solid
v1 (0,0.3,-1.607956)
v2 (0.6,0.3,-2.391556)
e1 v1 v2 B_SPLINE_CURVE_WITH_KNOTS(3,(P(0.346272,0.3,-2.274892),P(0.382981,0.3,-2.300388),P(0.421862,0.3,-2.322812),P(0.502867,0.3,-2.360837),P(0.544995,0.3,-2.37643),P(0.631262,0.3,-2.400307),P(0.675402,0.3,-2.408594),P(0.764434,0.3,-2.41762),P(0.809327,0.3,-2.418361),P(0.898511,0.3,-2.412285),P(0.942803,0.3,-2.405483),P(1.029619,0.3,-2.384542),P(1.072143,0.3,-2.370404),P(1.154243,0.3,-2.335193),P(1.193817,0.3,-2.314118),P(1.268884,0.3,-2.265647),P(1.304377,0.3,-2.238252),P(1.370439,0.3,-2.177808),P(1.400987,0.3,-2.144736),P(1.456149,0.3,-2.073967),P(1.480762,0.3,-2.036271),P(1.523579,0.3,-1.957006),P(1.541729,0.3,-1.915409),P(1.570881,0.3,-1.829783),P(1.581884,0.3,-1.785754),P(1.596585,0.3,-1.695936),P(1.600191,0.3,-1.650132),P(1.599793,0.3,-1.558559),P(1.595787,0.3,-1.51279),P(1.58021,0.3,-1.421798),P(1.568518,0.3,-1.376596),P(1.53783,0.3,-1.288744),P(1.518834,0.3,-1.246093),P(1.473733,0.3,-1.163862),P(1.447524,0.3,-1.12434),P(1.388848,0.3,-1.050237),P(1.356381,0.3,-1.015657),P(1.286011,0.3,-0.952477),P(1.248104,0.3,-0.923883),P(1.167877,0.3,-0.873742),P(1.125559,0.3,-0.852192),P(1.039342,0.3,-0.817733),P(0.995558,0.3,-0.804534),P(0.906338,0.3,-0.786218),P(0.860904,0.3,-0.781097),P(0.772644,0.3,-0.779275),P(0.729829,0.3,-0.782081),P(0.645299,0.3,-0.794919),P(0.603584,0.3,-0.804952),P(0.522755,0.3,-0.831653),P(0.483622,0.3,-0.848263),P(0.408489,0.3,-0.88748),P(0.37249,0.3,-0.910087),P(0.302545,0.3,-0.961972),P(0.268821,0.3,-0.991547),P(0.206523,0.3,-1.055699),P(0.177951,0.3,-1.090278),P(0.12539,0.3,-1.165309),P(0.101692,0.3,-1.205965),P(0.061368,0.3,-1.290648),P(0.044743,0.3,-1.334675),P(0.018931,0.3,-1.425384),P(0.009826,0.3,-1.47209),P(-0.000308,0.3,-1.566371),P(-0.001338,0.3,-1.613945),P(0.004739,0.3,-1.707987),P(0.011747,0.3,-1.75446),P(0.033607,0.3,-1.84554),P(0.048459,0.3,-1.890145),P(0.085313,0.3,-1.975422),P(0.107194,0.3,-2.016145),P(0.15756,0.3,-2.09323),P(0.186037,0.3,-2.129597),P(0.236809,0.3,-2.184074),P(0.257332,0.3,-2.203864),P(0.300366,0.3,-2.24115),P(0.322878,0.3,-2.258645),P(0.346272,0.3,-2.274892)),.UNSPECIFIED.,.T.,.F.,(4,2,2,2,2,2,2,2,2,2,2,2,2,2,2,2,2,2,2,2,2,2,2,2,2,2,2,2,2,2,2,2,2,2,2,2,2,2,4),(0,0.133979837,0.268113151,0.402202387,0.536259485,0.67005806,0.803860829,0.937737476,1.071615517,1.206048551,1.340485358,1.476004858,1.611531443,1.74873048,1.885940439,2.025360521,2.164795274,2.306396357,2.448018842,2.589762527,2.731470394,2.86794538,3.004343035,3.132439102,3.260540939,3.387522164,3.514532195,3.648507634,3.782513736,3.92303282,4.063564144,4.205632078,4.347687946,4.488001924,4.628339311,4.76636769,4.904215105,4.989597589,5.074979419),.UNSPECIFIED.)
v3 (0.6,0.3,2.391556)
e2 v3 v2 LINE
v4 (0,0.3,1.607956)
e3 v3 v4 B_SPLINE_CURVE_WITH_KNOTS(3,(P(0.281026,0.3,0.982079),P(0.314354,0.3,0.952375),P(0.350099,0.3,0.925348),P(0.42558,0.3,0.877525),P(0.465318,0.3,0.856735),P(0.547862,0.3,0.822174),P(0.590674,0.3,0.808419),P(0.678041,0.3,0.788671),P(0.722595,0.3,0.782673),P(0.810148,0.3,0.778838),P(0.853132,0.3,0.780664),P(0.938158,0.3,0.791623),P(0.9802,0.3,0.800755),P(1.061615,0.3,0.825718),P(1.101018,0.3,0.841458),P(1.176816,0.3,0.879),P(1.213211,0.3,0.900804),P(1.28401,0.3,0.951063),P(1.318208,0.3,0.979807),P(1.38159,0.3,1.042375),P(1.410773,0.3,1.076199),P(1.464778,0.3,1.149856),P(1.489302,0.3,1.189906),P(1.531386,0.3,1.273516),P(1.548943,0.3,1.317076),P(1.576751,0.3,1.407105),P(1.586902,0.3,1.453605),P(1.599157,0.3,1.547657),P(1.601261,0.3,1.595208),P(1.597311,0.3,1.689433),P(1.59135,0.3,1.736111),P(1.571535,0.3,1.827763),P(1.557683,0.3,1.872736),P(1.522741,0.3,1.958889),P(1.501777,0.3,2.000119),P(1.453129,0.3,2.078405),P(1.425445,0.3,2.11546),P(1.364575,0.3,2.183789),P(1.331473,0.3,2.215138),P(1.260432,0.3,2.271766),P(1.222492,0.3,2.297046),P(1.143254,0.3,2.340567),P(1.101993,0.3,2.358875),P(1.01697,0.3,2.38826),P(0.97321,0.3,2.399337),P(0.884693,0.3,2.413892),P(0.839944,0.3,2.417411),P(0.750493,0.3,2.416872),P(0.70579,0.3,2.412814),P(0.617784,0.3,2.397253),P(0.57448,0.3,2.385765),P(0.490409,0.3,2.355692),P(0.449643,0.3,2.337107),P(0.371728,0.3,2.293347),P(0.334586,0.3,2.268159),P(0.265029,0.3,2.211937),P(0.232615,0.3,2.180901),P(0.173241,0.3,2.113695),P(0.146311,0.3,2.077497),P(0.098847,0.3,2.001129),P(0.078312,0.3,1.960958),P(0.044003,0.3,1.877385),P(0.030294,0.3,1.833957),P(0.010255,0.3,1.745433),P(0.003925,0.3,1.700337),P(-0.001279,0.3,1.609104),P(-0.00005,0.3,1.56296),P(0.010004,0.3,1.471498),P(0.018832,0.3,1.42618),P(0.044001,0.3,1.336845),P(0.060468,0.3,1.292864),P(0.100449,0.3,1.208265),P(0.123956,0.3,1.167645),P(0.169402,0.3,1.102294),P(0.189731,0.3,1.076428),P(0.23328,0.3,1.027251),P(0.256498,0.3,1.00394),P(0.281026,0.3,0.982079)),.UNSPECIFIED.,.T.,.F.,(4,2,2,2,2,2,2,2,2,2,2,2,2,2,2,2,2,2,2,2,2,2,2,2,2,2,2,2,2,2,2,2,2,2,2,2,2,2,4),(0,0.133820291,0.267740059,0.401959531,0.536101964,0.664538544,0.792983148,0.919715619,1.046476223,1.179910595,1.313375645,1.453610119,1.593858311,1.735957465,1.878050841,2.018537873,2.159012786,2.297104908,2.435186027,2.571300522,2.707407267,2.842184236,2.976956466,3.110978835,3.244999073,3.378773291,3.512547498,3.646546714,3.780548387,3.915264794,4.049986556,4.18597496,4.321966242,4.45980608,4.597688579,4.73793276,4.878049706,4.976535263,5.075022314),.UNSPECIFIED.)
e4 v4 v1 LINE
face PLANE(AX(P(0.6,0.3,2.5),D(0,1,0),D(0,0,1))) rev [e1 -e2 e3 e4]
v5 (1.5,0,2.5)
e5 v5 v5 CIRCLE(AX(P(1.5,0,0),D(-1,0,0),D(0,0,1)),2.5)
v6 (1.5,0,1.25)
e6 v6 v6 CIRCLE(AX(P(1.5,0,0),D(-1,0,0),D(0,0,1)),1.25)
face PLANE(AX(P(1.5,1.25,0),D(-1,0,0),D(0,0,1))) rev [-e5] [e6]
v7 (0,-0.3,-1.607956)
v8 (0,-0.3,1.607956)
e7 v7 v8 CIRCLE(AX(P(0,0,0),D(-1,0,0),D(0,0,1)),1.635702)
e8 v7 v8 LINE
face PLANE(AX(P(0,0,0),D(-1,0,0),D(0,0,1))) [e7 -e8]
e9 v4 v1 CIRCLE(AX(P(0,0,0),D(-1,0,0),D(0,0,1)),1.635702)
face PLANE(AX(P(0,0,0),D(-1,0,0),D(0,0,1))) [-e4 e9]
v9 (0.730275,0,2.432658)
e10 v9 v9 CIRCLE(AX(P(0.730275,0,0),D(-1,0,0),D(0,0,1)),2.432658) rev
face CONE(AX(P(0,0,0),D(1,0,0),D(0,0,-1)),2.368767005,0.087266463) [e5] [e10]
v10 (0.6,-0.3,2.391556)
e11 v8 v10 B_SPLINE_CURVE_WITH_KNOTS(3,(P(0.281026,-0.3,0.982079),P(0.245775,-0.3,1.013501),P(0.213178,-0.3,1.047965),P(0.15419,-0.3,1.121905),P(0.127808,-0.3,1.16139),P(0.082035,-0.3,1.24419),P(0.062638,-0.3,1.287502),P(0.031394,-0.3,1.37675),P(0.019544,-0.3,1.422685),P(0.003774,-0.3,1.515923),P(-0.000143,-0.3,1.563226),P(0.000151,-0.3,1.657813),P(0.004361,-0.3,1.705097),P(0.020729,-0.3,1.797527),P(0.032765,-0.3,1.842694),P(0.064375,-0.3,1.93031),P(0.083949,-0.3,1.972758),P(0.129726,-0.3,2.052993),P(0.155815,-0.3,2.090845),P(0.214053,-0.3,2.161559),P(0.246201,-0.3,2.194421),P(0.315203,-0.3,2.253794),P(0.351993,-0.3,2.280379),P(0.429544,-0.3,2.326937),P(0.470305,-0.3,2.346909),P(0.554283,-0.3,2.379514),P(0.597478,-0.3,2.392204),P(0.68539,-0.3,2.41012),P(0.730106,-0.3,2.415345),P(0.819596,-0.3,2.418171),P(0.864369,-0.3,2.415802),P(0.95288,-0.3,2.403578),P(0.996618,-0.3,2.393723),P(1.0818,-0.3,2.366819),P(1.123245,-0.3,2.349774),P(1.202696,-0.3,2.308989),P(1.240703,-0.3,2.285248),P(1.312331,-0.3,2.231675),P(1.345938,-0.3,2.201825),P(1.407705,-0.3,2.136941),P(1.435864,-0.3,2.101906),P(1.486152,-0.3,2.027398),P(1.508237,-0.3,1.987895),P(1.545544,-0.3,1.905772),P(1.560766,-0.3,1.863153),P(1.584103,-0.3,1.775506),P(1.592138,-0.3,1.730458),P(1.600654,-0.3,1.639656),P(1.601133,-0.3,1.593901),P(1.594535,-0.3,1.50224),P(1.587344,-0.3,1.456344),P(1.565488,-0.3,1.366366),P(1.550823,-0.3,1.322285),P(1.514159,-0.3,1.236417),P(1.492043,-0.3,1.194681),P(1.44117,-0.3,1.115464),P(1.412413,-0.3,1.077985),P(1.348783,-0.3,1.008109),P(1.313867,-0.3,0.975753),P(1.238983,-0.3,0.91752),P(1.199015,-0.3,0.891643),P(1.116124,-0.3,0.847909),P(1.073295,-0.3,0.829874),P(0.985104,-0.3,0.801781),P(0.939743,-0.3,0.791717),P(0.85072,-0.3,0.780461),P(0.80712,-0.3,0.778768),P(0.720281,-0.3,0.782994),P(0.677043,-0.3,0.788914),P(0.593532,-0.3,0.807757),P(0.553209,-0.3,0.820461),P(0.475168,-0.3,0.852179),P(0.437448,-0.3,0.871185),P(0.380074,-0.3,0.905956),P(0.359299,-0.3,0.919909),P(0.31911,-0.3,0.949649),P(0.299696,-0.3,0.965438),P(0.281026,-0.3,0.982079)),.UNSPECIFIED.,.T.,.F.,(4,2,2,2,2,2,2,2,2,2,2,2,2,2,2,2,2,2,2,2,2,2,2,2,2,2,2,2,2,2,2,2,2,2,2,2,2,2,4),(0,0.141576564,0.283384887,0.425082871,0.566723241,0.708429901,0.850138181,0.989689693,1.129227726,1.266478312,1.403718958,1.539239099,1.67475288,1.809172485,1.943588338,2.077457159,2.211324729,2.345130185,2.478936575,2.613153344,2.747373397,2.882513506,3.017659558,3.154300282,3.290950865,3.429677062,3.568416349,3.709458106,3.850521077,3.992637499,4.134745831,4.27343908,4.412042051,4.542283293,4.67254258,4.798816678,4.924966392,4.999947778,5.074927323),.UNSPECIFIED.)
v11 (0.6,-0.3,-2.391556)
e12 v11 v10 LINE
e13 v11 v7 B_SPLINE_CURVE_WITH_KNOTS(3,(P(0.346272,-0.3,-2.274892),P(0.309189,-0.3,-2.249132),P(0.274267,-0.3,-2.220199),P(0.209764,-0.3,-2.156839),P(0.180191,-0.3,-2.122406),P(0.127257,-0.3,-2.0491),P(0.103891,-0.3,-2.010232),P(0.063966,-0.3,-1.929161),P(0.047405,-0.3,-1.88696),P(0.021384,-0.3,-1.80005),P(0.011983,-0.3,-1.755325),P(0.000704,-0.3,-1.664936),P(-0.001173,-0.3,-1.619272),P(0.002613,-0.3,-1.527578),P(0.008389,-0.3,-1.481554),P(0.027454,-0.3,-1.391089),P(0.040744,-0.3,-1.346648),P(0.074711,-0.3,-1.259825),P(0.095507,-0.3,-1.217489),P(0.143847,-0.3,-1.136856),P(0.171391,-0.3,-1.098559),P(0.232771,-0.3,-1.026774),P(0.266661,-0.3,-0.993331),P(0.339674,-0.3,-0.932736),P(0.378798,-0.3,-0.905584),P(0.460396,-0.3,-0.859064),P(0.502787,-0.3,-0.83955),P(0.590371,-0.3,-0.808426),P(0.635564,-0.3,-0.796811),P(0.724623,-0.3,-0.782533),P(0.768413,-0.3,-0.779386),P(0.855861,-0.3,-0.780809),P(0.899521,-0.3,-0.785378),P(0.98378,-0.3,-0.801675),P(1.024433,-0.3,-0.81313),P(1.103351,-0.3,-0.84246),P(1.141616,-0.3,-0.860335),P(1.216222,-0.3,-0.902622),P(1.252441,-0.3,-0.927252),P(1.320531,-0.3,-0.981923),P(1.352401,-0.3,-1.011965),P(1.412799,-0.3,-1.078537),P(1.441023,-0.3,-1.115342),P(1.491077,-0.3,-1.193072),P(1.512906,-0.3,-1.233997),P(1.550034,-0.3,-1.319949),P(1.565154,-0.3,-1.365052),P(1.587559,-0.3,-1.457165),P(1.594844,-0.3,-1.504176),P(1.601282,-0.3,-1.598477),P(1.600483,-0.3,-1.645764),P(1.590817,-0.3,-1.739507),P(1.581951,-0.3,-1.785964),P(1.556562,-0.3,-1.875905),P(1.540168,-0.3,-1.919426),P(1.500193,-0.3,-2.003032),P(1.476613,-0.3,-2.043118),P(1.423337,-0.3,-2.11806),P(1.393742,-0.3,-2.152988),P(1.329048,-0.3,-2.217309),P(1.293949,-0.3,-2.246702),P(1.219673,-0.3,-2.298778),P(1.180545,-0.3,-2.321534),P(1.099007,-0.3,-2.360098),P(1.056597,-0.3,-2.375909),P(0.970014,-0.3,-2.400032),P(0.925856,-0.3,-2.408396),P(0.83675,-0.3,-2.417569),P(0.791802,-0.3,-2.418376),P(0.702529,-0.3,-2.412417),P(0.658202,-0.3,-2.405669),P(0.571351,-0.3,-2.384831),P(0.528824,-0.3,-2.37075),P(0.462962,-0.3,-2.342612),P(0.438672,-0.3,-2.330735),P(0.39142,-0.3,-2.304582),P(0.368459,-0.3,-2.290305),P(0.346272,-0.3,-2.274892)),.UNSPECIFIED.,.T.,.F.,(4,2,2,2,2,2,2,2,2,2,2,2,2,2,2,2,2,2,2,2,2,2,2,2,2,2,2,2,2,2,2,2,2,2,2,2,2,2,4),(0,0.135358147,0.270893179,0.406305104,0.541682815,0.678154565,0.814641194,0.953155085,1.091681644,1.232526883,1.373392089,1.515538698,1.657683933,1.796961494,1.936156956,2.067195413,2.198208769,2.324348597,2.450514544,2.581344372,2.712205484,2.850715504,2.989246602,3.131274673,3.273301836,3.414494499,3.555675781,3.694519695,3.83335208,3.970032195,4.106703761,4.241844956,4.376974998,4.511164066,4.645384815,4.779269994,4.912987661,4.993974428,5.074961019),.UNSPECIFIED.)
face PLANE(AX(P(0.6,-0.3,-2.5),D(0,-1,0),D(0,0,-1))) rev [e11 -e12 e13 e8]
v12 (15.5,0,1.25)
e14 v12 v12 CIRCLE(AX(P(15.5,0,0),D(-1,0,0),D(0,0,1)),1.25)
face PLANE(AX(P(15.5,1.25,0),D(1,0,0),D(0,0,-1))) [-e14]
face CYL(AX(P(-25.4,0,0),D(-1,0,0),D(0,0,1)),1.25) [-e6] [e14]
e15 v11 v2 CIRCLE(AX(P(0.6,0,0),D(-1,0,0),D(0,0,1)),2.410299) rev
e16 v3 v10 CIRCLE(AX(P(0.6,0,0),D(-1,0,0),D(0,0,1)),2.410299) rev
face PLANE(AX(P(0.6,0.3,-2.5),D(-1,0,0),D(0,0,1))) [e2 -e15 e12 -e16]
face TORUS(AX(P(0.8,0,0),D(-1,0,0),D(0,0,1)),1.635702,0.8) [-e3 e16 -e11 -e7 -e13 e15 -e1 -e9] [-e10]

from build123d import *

# Parameters (mm, degrees)
FILLET2_R  = 0.8
SKETCH2_W  = 5
SKETCH2_H  = 0.6
SLOT_DEPTH = 0.6


with BuildPart() as part:
    # BodySke → Base-Revolve (revolve)
    with BuildSketch(Plane.XY):
        Polygon((1.5, 1.25), (1.5, 2.5), (0, 2.368767005), (0, 0), (15.5, 0), (15.5, 1.25), align=None)
    revolve(axis=Axis((-25.4, 0, 0), (1, 0, 0)))

    # Fillet2
    fillet2_edges = [part.edges().sort_by_distance(p)[0] for p in [
        (0, -2.368767005, 0),
    ]]
    fillet(fillet2_edges, radius=FILLET2_R)

    # Sketch2 → Slot (cut)
    with BuildSketch(Plane(origin=(0, 0, 0), x_dir=(0, 0, -1), z_dir=(1, 0, 0))):
        Rectangle(SKETCH2_W, SKETCH2_H)
    extrude(amount=SLOT_DEPTH, mode=Mode.SUBTRACT)


solid = part.part
